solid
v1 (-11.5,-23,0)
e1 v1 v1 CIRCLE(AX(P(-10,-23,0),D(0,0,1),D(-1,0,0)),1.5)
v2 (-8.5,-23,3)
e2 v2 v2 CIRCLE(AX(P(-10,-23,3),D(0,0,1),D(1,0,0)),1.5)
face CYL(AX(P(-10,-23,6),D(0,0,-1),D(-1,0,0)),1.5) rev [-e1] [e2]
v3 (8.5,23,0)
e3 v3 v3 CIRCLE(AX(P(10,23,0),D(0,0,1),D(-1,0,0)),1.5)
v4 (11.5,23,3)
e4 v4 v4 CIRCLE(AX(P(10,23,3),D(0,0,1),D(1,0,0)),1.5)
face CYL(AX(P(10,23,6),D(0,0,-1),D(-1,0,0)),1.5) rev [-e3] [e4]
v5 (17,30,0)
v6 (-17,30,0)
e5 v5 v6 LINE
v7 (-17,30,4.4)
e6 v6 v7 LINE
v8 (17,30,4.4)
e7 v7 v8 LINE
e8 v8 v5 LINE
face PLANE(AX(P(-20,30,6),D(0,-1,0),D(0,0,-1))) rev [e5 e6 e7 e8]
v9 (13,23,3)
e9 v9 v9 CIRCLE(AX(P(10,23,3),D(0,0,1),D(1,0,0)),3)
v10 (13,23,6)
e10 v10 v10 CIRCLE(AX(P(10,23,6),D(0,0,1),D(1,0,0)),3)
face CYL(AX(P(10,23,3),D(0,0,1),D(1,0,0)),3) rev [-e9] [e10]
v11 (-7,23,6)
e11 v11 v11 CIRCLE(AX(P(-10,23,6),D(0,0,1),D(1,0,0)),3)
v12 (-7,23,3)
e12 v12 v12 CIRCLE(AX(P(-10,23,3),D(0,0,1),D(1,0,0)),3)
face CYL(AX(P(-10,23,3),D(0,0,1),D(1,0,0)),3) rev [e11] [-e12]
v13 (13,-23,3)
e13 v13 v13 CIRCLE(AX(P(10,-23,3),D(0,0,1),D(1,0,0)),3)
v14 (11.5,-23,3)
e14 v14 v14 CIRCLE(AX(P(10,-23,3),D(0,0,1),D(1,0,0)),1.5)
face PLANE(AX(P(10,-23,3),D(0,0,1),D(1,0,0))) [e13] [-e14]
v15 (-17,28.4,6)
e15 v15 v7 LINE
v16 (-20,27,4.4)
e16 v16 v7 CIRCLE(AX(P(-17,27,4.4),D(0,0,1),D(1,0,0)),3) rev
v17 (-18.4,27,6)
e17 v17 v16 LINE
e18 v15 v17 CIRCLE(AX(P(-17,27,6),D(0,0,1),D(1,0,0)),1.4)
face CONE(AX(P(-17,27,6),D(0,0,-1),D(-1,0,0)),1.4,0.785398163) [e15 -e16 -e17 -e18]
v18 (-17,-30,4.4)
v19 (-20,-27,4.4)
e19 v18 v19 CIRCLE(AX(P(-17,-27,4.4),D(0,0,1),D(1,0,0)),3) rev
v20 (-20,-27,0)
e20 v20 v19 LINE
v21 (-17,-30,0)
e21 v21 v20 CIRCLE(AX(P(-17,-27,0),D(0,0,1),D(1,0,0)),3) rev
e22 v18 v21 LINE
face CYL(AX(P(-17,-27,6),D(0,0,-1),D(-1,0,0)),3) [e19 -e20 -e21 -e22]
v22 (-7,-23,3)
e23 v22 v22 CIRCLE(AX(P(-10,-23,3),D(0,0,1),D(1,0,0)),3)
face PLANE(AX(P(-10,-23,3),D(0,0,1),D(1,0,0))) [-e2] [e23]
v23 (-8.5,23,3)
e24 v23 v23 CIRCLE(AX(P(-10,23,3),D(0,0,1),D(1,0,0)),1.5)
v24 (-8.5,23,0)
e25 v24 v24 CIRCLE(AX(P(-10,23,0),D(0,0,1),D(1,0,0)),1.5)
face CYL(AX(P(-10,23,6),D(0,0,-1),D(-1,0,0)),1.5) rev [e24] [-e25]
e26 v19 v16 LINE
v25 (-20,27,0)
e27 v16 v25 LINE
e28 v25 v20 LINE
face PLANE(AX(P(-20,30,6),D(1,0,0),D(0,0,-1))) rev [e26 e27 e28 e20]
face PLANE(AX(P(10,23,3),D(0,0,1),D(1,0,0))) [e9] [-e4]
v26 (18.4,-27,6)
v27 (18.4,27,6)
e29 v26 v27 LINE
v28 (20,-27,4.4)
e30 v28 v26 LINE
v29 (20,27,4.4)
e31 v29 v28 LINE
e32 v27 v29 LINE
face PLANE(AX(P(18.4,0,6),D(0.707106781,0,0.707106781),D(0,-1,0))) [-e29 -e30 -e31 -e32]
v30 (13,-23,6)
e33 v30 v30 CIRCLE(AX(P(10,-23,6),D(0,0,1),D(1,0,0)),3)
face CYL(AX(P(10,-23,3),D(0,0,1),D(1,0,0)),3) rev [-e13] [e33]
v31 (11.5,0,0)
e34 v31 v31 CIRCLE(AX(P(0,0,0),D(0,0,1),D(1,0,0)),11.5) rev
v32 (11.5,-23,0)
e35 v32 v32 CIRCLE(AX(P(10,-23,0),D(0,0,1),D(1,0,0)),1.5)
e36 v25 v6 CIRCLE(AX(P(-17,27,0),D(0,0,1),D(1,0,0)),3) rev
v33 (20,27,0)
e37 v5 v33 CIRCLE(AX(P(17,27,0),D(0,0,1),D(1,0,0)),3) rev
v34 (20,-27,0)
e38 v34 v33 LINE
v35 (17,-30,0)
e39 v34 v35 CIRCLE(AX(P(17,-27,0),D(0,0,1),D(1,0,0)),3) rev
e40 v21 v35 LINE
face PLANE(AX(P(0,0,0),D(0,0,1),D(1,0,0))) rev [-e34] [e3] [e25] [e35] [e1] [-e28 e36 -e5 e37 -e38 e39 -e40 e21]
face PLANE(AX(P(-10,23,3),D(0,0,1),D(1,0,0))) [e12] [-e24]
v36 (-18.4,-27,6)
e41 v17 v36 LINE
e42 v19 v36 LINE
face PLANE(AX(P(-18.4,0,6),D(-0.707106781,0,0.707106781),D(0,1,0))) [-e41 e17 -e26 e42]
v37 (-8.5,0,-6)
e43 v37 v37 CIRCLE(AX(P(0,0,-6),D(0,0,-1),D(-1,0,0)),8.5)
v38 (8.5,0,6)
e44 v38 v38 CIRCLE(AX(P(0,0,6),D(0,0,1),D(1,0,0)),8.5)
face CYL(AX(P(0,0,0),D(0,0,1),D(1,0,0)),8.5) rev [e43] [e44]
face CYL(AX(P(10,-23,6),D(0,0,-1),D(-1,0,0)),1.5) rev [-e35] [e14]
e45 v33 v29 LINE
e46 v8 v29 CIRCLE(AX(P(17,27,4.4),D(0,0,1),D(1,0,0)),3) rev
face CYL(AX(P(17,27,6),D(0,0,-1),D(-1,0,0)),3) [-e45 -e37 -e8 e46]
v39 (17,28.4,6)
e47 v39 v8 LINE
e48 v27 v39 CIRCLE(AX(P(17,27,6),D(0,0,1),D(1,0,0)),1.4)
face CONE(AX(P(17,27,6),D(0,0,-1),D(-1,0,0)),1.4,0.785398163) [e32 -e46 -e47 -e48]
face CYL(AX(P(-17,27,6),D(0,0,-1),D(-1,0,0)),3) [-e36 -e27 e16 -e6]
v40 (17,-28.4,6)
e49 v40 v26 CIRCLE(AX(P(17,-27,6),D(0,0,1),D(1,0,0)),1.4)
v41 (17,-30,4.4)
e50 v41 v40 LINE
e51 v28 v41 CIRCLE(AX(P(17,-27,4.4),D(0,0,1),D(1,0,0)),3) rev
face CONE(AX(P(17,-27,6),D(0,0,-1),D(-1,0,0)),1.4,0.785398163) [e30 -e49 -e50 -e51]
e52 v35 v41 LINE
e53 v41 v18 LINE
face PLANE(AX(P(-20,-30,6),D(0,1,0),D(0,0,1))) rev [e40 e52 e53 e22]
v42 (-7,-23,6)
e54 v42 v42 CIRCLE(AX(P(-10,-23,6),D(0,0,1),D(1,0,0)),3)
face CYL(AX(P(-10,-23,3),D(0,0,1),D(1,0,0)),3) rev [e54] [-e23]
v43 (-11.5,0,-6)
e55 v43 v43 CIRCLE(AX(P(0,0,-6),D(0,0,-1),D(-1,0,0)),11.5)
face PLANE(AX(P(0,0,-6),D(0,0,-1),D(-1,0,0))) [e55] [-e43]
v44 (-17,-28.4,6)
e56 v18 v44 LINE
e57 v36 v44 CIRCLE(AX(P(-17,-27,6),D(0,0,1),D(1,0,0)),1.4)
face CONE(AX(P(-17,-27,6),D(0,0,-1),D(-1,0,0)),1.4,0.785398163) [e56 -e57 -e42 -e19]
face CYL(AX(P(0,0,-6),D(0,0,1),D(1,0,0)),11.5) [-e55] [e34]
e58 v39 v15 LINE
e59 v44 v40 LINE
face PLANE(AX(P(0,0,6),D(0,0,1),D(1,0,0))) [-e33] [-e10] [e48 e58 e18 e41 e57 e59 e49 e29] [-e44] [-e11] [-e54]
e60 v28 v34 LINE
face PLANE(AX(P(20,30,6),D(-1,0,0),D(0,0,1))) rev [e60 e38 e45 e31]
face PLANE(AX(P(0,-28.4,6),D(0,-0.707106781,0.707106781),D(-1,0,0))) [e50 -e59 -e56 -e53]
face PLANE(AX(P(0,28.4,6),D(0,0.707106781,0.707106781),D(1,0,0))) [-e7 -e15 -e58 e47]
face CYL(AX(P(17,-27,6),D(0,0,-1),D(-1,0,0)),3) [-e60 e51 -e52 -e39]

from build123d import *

# Parameters (mm, degrees)
SKETCH_1_W          = 40
SKETCH_1_H          = 60
SKETCH_1_R          = 1.5
EXTRUDE_1_DEPTH     = 6
SKETCH_2_R          = 3
CUT_EXTRUDE_1_DEPTH = 3
FILLET_1_R          = 3
CHAMFER_1_SIZE      = 1.6
SKETCH_3_R          = 8.5
CUT_EXTRUDE_2_DEPTH = 37.551333765
SKETCH_4_R          = 11.5
SKETCH_4_R_2        = 8.5
EXTRUDE_2_DEPTH     = 6


with BuildPart() as part:
    # 草圖1 → 填料-伸長1 (new body)
    with BuildSketch(Plane.XY):
        Rectangle(SKETCH_1_W, SKETCH_1_H)
        with Locations((-10, 23)):
            Circle(SKETCH_1_R, mode=Mode.SUBTRACT)
        with Locations(Location((10, 23, 0), (0, 0, 180))):
            Circle(SKETCH_1_R, mode=Mode.SUBTRACT)
        with Locations((10, -23)):
            Circle(SKETCH_1_R, mode=Mode.SUBTRACT)
        with Locations(Location((-10, -23, 0), (0, 0, 180))):
            Circle(SKETCH_1_R, mode=Mode.SUBTRACT)
    extrude(amount=EXTRUDE_1_DEPTH)

    # 草圖2 → 除料-伸長1 (cut)
    with BuildSketch(Plane.XY.offset(6)):
        with Locations((-10, 23)):
            Circle(SKETCH_2_R)
        with Locations((10, 23)):
            Circle(SKETCH_2_R)
        with Locations((10, -23)):
            Circle(SKETCH_2_R)
        with Locations((-10, -23)):
            Circle(SKETCH_2_R)
    extrude(amount=-CUT_EXTRUDE_1_DEPTH, mode=Mode.SUBTRACT)

    # 圓角1
    fillet_1_edges = [part.edges().sort_by_distance(p)[0] for p in [
        (-20, 30, 3),
        (20, 30, 3),
        (20, -30, 3),
        (-20, -30, 3),
    ]]
    fillet(fillet_1_edges, radius=FILLET_1_R)

    # 導角1
    chamfer_1_edges = [part.edges().sort_by_distance(p)[0] for p in [
        (0, -30, 6),
        (-20, 0, 6),
        (20, 0, 6),
        (0, 30, 6),
        (19.121320344, 29.121320344, 6),
        (-19.121320344, 29.121320344, 6),
        (19.121320344, -29.121320344, 6),
        (-19.121320344, -29.121320344, 6),
    ]]
    chamfer(chamfer_1_edges, length=CHAMFER_1_SIZE)

    # 草圖3 → 除料-伸長2 (cut, through all)
    with BuildSketch(Plane.XY.offset(6)):
        Circle(SKETCH_3_R)
    extrude(amount=-CUT_EXTRUDE_2_DEPTH, mode=Mode.SUBTRACT)

    # 草圖4 → 填料-伸長2 (add)
    with BuildSketch(Plane(origin=(0, 0, 0), x_dir=(-1, 0, 0), z_dir=(0, 0, -1))):
        with Locations(Location((0, 0, 0), (0, 0, 180))):
            Circle(SKETCH_4_R)
        with Locations(Location((0, 0, 0), (0, 0, 180))):
            Circle(SKETCH_4_R_2, mode=Mode.SUBTRACT)
    extrude(amount=EXTRUDE_2_DEPTH)


solid = part.part
